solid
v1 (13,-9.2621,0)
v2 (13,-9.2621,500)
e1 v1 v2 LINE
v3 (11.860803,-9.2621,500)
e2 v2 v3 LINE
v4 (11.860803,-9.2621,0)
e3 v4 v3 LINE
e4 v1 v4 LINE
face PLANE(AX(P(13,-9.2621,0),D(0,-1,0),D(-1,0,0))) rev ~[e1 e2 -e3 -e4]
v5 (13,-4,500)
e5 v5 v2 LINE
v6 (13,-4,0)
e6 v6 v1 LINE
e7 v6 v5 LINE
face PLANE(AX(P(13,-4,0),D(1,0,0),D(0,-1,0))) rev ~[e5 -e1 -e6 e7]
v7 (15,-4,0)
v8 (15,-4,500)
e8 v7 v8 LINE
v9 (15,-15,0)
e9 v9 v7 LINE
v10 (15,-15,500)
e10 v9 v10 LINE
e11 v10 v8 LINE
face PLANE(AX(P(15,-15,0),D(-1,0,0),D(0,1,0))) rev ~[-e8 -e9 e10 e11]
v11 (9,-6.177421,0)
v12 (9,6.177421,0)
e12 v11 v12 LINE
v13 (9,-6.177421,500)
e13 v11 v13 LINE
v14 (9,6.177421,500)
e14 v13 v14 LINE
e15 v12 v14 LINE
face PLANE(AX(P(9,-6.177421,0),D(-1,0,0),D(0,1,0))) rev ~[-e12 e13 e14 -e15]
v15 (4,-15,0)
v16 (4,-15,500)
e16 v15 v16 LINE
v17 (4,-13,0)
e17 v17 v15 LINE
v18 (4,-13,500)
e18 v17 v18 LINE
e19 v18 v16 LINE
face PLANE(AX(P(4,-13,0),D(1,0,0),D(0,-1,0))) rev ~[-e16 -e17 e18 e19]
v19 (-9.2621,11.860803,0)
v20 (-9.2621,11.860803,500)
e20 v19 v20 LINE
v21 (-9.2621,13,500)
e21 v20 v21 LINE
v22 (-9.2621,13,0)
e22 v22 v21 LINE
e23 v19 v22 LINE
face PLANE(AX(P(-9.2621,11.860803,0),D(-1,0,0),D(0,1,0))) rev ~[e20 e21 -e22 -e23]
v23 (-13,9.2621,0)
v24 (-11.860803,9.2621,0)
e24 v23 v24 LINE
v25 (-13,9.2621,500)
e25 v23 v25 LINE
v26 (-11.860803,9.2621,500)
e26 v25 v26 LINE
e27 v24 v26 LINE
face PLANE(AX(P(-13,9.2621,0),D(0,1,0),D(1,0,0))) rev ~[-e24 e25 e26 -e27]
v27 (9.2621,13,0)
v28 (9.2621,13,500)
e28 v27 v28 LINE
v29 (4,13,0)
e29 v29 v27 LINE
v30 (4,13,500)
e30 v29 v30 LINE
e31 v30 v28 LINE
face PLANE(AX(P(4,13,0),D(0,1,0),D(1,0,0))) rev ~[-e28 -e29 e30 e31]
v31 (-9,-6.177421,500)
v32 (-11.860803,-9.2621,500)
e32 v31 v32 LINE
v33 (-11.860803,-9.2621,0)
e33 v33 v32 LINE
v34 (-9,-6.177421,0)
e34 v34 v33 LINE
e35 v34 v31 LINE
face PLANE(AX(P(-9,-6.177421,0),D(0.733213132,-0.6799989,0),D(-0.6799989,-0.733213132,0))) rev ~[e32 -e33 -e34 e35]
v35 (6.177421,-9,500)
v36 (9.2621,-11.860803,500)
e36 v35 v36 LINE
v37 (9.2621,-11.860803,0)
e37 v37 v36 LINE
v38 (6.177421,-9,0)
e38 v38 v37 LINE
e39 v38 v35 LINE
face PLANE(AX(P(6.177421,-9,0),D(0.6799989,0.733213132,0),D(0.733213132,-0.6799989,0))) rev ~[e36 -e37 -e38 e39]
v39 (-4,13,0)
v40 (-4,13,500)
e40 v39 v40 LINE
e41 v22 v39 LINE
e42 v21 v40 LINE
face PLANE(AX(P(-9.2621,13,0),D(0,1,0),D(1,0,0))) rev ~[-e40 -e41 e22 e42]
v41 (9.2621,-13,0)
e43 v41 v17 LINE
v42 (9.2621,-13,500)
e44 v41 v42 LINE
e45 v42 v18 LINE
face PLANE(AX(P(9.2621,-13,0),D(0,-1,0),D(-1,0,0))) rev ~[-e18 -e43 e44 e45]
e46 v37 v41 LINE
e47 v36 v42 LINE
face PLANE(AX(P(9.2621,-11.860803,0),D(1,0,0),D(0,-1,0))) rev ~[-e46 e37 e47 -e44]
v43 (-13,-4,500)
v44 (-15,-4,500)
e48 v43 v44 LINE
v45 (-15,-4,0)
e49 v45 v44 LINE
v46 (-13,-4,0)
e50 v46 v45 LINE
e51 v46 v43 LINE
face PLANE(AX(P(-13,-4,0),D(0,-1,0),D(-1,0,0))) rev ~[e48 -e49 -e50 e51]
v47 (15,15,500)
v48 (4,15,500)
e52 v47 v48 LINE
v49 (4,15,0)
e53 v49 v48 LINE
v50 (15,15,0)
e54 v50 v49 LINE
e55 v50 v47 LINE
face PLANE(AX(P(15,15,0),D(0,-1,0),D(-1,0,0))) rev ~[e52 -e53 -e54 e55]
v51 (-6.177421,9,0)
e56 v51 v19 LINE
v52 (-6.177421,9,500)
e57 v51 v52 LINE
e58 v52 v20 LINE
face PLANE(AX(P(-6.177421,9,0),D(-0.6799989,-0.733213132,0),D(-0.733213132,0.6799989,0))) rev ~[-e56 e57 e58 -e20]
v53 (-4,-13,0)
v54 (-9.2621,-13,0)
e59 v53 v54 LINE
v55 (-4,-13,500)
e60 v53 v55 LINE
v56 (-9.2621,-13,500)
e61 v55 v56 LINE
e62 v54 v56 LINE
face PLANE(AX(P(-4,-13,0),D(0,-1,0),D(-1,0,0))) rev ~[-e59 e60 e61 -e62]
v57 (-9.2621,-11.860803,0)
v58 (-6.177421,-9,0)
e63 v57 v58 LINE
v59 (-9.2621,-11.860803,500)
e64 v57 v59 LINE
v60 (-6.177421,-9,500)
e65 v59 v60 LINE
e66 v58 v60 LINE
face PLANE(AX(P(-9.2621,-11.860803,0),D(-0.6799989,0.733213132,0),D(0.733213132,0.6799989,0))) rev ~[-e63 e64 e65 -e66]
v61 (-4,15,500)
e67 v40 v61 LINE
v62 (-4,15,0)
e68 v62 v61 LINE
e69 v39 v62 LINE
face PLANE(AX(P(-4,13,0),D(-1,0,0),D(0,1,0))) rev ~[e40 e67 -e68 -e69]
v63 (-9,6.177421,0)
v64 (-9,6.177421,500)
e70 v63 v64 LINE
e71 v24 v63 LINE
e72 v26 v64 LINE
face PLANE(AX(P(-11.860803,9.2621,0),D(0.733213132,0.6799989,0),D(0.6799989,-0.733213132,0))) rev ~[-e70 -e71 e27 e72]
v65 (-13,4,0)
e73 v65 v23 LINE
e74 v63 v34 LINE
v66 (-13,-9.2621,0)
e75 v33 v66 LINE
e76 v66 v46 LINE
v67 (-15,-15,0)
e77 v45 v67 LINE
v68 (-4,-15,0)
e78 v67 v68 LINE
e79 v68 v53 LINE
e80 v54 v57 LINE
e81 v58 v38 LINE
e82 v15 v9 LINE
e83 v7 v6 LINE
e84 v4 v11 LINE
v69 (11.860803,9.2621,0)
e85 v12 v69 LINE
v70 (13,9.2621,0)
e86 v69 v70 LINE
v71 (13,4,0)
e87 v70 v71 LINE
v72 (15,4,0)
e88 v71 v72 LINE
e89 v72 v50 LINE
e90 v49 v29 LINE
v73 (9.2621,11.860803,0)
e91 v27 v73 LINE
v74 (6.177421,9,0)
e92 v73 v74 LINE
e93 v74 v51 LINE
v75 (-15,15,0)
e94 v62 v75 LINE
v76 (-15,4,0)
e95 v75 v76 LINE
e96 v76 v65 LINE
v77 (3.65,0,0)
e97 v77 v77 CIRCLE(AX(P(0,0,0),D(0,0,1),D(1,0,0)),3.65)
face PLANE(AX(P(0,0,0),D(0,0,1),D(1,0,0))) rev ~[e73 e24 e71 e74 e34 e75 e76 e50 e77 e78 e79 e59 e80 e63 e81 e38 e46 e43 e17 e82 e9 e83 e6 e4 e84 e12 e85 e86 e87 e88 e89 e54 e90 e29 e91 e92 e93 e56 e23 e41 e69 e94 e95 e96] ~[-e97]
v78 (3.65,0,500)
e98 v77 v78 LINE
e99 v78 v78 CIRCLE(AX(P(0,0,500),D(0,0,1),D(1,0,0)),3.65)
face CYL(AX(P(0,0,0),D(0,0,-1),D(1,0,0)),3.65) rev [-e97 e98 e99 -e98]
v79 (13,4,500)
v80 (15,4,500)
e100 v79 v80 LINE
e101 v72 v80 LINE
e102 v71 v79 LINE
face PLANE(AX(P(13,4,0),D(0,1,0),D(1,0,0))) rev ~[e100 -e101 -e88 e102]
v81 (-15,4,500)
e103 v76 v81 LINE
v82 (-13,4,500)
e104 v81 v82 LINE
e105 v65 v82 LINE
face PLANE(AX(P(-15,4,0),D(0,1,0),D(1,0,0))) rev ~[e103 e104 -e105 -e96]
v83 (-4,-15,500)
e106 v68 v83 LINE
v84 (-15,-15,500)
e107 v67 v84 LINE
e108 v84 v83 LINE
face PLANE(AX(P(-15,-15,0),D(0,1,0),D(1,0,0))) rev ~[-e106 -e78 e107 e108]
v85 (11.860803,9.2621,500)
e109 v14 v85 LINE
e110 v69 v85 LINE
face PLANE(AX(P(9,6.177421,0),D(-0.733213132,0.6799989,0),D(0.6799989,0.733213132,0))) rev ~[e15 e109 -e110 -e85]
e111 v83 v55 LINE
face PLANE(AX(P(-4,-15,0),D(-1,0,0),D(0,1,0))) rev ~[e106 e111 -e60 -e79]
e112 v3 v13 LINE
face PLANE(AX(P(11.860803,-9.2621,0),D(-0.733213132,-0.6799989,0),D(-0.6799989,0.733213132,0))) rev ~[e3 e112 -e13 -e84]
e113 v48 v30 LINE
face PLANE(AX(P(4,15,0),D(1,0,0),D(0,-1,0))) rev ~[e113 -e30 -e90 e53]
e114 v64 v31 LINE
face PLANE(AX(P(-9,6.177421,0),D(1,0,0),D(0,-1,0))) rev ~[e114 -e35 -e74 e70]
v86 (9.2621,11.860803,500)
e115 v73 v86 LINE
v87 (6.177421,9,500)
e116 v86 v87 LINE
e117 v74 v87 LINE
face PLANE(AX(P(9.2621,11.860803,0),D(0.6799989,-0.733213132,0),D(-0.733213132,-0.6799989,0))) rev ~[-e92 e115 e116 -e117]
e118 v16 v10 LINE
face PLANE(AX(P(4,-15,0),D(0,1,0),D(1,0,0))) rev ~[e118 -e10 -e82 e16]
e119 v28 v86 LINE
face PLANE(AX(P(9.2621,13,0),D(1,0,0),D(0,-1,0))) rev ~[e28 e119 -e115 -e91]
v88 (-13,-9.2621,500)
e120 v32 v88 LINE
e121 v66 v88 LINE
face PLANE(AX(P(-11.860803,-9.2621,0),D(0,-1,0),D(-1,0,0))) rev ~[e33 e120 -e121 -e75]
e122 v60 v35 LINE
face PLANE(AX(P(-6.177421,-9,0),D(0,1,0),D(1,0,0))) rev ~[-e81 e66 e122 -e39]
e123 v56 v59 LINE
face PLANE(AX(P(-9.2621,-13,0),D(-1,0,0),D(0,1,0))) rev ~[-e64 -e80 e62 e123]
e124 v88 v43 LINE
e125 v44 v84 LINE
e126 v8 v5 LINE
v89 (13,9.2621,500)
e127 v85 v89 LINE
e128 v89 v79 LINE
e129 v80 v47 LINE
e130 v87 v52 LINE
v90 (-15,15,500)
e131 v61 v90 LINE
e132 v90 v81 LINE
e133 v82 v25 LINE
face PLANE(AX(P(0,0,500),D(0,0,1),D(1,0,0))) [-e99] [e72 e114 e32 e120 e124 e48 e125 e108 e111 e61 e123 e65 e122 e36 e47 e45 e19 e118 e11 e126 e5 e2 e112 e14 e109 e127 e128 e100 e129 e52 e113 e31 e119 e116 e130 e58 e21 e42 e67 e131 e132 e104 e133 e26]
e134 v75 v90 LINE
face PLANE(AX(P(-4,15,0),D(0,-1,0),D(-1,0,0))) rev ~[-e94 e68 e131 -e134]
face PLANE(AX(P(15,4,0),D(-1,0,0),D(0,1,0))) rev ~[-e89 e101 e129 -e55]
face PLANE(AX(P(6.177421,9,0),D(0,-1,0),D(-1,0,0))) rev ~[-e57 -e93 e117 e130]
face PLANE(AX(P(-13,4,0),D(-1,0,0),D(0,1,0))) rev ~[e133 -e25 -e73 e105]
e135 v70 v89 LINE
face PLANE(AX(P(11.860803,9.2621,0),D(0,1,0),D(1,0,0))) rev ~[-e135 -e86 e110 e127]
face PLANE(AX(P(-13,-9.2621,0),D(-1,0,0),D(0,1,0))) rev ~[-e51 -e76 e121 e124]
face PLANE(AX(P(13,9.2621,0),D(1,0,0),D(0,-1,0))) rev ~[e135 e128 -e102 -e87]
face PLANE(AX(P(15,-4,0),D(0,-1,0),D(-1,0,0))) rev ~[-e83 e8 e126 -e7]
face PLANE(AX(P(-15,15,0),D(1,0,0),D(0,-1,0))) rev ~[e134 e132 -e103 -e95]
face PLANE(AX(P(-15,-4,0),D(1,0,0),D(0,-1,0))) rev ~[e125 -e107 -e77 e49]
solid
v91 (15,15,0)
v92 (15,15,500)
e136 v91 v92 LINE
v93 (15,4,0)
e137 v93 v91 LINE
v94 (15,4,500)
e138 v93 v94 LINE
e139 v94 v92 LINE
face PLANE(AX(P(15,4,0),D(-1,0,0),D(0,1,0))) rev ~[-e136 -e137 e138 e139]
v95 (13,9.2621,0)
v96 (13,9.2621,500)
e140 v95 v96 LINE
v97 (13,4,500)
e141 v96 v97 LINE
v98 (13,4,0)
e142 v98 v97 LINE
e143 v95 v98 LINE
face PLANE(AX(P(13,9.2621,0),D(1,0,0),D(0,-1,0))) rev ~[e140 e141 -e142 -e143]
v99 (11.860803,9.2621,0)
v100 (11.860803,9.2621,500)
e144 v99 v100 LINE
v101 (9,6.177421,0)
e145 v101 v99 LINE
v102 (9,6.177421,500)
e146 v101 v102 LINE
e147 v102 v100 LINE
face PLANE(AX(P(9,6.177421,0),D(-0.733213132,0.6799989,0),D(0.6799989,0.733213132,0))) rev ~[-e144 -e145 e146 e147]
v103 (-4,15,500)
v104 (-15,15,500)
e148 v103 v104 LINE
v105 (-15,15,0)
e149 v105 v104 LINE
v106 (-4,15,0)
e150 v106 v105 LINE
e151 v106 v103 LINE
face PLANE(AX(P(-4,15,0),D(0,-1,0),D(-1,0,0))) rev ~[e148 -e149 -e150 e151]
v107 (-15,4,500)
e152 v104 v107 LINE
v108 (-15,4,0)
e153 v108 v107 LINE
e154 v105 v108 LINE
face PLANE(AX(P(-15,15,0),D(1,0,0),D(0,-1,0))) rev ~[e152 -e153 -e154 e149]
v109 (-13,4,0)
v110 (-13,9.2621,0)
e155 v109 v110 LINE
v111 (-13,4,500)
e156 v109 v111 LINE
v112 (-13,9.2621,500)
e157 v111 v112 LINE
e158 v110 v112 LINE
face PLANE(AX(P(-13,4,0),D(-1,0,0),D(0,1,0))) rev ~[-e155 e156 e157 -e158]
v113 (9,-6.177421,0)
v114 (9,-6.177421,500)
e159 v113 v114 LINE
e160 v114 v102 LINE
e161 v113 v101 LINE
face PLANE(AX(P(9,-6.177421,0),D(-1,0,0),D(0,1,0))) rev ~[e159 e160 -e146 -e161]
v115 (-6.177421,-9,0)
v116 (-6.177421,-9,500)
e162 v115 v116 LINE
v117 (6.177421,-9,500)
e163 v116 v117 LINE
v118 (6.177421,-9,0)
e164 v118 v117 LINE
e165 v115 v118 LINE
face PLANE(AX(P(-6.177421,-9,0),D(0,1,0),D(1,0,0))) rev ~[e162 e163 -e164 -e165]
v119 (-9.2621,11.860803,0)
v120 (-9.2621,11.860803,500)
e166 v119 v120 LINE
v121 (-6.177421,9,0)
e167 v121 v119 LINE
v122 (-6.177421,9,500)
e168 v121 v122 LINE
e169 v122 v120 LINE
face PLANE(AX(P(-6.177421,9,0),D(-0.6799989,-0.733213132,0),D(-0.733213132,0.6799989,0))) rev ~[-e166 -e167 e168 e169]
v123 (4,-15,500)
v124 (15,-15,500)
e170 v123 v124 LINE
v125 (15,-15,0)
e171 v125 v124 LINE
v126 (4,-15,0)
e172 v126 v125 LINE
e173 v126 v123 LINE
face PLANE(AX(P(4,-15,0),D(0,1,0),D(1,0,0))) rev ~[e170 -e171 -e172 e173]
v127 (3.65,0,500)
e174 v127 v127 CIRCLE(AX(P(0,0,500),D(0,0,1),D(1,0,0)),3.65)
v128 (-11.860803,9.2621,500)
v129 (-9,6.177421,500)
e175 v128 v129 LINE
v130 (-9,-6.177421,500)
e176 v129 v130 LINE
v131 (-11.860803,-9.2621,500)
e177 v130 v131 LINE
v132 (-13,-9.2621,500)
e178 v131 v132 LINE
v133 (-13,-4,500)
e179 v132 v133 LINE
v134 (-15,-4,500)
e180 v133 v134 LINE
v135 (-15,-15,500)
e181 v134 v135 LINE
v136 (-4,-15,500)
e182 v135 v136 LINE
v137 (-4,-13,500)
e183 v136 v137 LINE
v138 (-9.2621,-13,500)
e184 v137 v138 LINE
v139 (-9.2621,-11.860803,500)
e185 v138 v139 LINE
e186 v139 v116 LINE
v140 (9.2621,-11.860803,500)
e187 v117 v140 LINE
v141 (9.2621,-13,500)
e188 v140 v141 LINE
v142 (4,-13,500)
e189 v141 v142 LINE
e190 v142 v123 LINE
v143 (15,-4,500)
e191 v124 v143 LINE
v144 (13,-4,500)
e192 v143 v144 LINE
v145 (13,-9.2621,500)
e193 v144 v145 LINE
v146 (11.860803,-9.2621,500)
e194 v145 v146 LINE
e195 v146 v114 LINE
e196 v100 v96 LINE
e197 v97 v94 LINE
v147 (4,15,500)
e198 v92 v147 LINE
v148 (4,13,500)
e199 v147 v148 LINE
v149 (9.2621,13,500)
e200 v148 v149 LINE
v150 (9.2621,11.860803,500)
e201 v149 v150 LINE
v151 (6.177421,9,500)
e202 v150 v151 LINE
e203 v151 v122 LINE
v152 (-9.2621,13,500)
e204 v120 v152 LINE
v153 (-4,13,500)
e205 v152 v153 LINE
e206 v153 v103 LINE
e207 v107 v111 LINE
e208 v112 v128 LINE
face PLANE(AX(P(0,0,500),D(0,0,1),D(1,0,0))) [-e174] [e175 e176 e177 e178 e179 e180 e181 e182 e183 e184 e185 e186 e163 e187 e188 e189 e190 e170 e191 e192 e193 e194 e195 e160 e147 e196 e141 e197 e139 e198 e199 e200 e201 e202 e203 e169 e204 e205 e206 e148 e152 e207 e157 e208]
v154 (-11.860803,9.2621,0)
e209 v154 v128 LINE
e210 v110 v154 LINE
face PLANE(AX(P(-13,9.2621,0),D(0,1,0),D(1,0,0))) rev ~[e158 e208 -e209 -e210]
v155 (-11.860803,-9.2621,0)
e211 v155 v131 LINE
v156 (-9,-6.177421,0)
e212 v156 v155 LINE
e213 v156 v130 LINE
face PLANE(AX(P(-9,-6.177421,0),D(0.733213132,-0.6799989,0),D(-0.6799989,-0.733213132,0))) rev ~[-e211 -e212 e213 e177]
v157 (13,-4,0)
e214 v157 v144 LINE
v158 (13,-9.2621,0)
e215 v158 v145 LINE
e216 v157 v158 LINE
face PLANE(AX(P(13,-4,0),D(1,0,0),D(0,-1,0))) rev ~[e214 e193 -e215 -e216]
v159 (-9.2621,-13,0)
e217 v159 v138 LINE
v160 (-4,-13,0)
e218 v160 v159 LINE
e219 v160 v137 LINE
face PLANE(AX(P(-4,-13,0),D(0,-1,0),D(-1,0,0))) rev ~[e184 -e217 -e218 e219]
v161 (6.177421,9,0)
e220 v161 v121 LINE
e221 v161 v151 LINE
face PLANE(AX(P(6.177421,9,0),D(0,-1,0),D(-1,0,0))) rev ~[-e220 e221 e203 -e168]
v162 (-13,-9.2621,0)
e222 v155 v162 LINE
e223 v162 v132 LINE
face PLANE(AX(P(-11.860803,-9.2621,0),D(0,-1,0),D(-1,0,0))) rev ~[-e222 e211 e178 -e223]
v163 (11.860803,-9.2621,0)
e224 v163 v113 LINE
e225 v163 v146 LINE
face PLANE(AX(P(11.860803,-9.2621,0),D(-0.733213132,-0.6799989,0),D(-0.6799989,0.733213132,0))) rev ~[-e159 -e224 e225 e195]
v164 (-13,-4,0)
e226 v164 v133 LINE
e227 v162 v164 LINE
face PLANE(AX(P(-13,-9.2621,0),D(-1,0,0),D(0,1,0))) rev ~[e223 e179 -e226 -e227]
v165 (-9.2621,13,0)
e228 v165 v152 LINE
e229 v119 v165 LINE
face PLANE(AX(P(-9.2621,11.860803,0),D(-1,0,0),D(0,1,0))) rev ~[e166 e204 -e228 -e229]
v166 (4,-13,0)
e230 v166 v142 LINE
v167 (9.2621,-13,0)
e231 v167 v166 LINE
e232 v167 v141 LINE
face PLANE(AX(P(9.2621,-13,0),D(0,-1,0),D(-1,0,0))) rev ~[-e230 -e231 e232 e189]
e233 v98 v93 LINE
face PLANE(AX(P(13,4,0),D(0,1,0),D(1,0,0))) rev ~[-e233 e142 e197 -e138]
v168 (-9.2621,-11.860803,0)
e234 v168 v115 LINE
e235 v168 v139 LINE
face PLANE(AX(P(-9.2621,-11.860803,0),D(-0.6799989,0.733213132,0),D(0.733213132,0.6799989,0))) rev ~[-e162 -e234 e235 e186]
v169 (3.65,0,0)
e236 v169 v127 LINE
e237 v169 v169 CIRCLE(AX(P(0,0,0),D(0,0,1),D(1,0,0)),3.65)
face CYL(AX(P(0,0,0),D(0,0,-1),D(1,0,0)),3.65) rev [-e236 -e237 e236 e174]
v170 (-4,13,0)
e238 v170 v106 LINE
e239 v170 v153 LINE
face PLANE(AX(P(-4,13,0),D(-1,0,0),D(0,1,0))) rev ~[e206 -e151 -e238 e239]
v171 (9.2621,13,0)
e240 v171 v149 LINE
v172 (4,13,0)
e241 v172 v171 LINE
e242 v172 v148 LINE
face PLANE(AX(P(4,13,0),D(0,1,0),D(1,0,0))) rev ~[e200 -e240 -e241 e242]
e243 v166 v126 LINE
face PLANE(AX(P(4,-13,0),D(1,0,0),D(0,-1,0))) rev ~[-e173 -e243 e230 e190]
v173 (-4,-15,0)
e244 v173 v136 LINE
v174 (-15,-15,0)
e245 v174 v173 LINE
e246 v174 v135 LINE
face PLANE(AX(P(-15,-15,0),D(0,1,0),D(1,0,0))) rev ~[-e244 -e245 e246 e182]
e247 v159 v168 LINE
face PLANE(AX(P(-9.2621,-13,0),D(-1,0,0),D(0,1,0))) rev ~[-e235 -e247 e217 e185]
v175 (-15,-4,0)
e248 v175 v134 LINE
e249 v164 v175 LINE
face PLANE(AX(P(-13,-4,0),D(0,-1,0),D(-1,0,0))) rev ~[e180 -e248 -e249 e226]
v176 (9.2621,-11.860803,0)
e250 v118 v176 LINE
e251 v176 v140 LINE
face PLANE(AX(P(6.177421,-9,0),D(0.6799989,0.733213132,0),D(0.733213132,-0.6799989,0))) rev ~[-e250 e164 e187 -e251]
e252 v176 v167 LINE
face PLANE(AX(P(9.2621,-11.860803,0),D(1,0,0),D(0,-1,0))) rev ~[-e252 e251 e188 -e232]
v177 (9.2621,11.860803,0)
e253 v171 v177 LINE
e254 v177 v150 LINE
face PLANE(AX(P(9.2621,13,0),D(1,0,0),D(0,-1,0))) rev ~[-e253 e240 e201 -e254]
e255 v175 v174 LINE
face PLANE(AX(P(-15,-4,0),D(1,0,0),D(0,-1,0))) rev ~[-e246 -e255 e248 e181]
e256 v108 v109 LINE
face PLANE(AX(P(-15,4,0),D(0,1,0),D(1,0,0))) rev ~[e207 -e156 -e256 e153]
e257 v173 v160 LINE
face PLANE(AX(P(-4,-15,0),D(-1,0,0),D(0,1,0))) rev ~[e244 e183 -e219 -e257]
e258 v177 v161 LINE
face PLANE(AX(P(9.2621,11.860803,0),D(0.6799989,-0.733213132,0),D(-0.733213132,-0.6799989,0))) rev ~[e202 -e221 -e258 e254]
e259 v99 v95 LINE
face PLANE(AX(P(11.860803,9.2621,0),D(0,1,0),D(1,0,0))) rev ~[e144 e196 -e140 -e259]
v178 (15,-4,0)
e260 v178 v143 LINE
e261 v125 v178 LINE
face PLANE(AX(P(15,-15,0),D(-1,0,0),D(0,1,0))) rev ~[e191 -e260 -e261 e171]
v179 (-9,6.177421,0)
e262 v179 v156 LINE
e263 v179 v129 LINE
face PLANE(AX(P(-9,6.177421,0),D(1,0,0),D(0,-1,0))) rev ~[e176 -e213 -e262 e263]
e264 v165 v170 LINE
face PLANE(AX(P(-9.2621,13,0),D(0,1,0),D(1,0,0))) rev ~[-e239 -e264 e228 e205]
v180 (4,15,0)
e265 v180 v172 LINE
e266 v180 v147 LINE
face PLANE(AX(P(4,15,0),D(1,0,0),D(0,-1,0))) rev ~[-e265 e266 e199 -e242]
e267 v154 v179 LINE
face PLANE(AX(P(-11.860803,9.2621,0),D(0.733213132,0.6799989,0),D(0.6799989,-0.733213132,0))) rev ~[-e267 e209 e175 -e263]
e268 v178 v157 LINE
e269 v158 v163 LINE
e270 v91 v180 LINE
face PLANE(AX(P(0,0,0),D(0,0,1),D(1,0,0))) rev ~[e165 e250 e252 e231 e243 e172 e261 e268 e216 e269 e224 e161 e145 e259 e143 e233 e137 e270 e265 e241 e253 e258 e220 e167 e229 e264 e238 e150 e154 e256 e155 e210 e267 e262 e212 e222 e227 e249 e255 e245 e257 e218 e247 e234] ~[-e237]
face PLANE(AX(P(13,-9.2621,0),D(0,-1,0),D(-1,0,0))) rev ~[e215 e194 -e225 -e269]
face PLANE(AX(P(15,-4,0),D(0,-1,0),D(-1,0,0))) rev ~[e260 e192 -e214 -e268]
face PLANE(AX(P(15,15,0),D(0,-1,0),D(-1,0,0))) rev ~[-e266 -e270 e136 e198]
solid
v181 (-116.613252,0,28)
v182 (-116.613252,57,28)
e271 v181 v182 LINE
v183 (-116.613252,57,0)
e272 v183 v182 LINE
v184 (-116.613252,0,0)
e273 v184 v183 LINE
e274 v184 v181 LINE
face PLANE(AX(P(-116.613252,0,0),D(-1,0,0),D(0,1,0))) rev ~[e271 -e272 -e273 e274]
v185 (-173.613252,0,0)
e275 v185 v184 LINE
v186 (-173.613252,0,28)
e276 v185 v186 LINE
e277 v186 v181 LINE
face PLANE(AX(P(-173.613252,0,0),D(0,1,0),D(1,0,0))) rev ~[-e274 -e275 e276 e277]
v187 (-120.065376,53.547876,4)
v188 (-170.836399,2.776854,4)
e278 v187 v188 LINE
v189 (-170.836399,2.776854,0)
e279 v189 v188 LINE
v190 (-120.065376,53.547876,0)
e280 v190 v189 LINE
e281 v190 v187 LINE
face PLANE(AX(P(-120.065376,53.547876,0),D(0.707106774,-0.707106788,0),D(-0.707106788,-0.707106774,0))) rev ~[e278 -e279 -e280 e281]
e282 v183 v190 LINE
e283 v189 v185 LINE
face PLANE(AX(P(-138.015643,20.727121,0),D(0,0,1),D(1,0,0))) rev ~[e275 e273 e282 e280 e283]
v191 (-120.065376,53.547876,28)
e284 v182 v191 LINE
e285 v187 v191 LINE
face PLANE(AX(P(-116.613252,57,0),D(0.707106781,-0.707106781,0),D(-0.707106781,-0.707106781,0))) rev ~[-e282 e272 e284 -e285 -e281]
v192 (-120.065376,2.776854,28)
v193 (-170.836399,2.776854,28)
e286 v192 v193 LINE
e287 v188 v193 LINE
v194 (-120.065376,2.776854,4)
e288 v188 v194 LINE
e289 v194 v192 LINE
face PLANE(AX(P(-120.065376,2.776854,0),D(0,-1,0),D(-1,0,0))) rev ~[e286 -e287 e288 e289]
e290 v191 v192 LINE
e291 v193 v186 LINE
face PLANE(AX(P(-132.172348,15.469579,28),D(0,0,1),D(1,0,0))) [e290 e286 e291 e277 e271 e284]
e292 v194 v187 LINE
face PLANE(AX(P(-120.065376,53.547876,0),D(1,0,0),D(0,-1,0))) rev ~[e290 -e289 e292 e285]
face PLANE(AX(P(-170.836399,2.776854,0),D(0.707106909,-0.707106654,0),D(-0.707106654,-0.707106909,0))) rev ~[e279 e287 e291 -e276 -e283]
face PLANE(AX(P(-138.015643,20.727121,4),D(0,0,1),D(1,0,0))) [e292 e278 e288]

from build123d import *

# Parameters (mm, degrees)
F0_R     = 3.65
F1_DEPTH = 500
F3_DEPTH = 28
F4_DEPTH = 4
F5_DEPTH = 500


with BuildPart() as f1:
    # F0 (on Top) → F1 (new body)
    with BuildSketch(Plane.XY):
        Polygon((-4, 13), (-4, 15), (-15, 15), (-15, 4), (-13, 4), (-13, 9.2621), (-11.860803, 9.2621), (-9, 6.177421), (-9, 0), (-9, -6.177421), (-11.860803, -9.2621), (-13, -9.2621), (-13, -4), (-15, -4), (-15, -15), (-4, -15), (-4, -13), (-9.2621, -13), (-9.2621, -11.860803), (-6.177421, -9), (0, -9), (6.177421, -9), (9.2621, -11.860803), (9.2621, -13), (4, -13), (4, -15), (15, -15), (15, -4), (13, -4), (13, -9.2621), (11.860803, -9.2621), (9, -6.177421), (9, 0), (9, 6.177421), (11.860803, 9.2621), (13, 9.2621), (13, 4), (15, 4), (15, 15), (4, 15), (4, 13), (9.2621, 13), (9.2621, 11.860803), (6.177421, 9), (0, 9), (-6.177421, 9), (-9.2621, 11.860803), (-9.2621, 13), align=None)
        Circle(F0_R, mode=Mode.SUBTRACT)
    extrude(amount=F1_DEPTH)


with BuildPart() as f3:
    # F2 (on Top) → F3 (new body)
    with BuildSketch(Plane.XY):
        Polygon((-170.836399, 2.776854), (-173.613252, 0), (-116.613252, 0), (-116.613252, 57), (-120.065376, 53.547876), (-120.065376, 2.776854), align=None)
    extrude(amount=F3_DEPTH)

    # F2 (on Top) → F4 (join)
    with BuildSketch(Plane.XY):
        Polygon((-120.065376, 53.547876), (-170.836399, 2.776854), (-120.065376, 2.776854), align=None)
    extrude(amount=F4_DEPTH)


with BuildPart() as f5:
    # F0 (on Top) → F5 (new body)
    with BuildSketch(Plane.XY):
        Polygon((-4, 13), (-4, 15), (-15, 15), (-15, 4), (-13, 4), (-13, 9.2621), (-11.860803, 9.2621), (-9, 6.177421), (-9, 0), (-9, -6.177421), (-11.860803, -9.2621), (-13, -9.2621), (-13, -4), (-15, -4), (-15, -15), (-4, -15), (-4, -13), (-9.2621, -13), (-9.2621, -11.860803), (-6.177421, -9), (0, -9), (6.177421, -9), (9.2621, -11.860803), (9.2621, -13), (4, -13), (4, -15), (15, -15), (15, -4), (13, -4), (13, -9.2621), (11.860803, -9.2621), (9, -6.177421), (9, 0), (9, 6.177421), (11.860803, 9.2621), (13, 9.2621), (13, 4), (15, 4), (15, 15), (4, 15), (4, 13), (9.2621, 13), (9.2621, 11.860803), (6.177421, 9), (0, 9), (-6.177421, 9), (-9.2621, 11.860803), (-9.2621, 13), align=None)
        Circle(F0_R, mode=Mode.SUBTRACT)
    extrude(amount=F5_DEPTH)


solid = Compound([f1.part, f3.part, f5.part])
